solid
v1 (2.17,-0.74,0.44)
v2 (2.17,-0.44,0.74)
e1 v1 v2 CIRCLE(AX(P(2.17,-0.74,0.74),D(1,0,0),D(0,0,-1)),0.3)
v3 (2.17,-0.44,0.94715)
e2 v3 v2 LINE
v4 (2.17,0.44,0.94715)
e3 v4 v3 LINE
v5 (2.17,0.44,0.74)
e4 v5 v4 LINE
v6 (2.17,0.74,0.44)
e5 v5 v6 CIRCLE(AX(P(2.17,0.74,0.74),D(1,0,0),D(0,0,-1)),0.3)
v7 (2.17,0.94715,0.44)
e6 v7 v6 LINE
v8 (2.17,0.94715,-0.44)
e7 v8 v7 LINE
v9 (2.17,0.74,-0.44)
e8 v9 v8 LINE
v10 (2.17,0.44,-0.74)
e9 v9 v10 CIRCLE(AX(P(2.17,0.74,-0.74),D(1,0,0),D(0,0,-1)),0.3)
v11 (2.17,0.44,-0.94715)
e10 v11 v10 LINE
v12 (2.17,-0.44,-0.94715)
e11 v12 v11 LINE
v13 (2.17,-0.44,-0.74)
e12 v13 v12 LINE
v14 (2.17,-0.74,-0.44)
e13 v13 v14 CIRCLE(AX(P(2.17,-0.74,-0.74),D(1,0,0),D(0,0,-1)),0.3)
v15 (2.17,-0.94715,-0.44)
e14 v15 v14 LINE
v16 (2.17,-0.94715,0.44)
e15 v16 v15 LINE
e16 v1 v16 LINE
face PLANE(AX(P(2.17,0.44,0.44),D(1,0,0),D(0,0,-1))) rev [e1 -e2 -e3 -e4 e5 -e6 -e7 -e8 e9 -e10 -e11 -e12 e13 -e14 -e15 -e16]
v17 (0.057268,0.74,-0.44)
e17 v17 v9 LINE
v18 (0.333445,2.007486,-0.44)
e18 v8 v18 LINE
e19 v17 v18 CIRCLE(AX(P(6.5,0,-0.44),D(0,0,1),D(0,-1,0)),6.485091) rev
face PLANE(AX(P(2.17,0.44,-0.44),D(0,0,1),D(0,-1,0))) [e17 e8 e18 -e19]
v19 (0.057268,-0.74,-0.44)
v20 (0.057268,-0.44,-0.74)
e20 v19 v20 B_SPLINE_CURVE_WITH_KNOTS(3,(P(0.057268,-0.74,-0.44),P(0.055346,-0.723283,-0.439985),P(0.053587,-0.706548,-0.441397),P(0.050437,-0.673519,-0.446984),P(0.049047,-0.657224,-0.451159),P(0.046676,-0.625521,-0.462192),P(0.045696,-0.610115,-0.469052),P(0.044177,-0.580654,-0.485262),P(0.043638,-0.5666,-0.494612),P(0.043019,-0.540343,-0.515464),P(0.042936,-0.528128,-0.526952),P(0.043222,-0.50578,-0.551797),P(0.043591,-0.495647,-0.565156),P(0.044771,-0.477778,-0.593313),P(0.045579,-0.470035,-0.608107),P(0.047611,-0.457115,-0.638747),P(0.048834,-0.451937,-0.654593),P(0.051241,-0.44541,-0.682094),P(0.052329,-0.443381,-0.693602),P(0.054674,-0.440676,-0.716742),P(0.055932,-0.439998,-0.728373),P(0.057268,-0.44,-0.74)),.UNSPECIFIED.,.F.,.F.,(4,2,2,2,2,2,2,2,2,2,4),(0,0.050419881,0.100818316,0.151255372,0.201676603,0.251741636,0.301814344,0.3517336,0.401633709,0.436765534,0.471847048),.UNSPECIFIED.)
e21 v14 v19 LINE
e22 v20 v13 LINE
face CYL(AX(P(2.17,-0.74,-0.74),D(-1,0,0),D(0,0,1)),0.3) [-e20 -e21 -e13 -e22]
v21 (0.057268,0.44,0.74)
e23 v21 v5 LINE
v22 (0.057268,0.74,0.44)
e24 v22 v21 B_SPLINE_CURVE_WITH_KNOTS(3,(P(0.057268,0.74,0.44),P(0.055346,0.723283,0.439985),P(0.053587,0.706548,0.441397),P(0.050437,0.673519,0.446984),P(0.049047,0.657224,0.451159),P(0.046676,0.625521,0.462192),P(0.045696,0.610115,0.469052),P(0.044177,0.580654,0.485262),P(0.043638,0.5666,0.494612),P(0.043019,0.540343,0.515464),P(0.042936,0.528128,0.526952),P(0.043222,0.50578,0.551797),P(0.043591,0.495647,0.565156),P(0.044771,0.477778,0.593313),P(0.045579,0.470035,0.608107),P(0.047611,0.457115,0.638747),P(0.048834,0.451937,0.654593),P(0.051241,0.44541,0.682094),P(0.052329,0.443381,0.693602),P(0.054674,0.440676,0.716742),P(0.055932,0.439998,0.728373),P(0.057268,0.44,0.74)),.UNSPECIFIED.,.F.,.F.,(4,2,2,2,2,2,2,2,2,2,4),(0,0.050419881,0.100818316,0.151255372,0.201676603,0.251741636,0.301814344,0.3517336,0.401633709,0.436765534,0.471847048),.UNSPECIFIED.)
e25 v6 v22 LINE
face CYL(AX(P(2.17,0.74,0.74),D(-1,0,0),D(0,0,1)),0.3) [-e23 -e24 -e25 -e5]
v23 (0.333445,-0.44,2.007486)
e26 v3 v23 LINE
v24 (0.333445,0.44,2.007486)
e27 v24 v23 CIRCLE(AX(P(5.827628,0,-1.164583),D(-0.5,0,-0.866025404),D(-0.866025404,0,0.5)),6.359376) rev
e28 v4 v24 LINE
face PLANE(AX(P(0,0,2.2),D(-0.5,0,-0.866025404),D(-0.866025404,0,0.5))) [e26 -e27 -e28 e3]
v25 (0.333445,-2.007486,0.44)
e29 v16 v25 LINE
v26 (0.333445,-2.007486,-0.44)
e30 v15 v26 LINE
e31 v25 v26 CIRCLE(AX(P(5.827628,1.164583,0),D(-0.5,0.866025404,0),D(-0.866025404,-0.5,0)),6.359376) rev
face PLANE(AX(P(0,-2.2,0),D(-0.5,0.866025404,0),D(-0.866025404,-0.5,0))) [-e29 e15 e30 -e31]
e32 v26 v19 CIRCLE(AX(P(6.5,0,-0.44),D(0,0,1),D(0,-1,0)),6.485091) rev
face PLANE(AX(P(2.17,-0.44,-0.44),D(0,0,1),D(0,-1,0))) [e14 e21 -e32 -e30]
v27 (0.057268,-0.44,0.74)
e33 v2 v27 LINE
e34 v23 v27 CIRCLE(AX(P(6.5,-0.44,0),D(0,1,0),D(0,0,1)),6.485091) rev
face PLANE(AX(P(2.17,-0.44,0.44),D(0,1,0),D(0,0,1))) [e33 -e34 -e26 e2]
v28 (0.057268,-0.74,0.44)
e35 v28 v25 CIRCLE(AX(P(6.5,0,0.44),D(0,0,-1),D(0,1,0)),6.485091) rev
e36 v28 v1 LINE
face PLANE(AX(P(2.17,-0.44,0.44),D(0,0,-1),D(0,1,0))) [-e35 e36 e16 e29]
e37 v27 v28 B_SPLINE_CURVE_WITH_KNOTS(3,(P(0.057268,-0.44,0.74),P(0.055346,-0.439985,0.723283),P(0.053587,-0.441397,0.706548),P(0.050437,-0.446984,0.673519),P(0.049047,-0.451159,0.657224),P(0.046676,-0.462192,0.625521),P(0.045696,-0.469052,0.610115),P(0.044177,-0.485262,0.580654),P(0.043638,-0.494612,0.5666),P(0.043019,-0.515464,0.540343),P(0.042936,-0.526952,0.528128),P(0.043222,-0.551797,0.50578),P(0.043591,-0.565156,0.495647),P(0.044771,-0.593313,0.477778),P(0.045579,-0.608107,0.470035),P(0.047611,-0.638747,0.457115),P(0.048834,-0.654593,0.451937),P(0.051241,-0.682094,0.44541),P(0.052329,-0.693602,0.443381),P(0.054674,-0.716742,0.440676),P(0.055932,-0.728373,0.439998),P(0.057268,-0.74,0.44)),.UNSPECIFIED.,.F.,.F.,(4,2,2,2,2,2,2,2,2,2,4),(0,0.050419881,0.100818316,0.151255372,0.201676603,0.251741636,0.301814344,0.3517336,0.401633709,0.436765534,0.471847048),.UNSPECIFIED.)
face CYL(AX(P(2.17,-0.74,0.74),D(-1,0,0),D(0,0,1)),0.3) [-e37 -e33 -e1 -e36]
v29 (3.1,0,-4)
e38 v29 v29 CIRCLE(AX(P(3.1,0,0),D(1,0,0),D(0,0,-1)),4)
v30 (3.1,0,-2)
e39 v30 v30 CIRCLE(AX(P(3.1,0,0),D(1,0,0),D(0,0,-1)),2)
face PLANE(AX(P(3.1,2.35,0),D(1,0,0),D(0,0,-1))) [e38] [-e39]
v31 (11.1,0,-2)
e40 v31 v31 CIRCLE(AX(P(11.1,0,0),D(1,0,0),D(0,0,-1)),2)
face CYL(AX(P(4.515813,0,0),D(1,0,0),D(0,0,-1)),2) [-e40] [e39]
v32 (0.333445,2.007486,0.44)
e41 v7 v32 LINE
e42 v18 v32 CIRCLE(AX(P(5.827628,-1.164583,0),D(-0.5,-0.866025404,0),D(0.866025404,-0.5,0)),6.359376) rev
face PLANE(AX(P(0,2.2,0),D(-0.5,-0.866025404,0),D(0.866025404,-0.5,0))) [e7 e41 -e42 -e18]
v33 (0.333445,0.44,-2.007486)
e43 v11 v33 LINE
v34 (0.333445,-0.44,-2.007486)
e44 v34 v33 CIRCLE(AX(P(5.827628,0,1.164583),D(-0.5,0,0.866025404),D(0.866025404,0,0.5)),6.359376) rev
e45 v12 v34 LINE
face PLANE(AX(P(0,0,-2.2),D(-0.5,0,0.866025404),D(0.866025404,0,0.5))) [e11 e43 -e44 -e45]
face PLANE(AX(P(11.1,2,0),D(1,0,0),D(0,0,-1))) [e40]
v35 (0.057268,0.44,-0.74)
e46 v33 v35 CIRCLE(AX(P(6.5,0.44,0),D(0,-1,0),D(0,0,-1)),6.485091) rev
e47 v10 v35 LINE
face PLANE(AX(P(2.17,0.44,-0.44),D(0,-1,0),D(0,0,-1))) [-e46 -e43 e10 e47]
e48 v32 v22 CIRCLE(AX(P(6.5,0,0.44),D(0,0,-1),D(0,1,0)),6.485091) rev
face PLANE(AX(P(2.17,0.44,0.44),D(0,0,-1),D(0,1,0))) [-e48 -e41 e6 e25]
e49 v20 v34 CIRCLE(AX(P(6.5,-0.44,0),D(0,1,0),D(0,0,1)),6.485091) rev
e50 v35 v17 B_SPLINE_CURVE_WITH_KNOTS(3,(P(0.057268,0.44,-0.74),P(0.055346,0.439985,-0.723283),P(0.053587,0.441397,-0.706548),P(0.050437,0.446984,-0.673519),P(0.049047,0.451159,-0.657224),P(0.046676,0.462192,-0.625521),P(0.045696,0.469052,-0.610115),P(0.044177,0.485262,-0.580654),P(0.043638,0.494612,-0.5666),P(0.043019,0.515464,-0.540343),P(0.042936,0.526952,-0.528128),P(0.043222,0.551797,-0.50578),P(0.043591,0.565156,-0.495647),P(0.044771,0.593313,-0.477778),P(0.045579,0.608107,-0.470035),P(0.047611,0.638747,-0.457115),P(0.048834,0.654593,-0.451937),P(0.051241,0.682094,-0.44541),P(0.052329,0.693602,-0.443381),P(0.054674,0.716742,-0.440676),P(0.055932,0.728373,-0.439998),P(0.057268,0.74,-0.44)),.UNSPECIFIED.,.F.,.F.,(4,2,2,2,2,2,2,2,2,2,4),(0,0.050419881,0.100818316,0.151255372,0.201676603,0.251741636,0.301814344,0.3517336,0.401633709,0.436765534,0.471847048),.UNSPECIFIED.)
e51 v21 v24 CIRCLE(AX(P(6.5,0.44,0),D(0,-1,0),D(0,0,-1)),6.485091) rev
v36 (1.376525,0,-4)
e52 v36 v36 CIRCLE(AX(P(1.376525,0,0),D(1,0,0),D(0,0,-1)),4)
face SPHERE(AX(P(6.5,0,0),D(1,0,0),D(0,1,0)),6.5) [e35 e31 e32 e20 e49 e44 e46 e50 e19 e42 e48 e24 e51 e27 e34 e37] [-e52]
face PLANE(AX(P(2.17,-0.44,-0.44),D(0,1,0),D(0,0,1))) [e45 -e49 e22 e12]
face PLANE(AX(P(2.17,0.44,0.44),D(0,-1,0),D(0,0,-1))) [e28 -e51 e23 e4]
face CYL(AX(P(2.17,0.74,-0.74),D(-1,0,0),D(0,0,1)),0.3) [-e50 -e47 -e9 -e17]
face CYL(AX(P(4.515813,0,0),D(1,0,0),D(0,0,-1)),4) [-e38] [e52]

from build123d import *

# Parameters (mm, degrees)
CROSSRECESS_DEPTH = 2.17
FILLET5_R         = 0.3
DRAFT1_ANGLE      = -30


with BuildPart() as part:
    # Sketch1 → Base (revolve)
    with BuildSketch(Plane.XY, mode=Mode.PRIVATE) as base_sk:
        with BuildLine():
            Line((11.1, 2), (4.5, 2))
            Line((4.5, 2), (3.1, 2))
            Line((3.1, 2), (3.1, 2.35))
            Line((3.1, 2.35), (3.1, 4))
            Line((3.1, 4), (1.376524617, 4))
            ThreePointArc((1.376524617, 4), (0.353757652, 2.115113473), (0, 0))
            Line((0, 0), (11.1, 0))
            Line((11.1, 0), (11.1, 2))
        make_face()
    revolve(base_sk.sketch.rotate(Axis((4.515812911, 0, 0), (-1, 0, 0)), 90), axis=Axis((4.515812911, 0, 0), (-1, 0, 0)))

    # Sketch6 → CrossRecess (cut)
    with BuildSketch(Plane(origin=(0, 0, 0), x_dir=(0, 0, -1), z_dir=(1, 0, 0))):
        Polygon((0.44, 0.44), (0.44, 2.2), (-0.44, 2.2), (-0.44, 0.44), (-2.2, 0.44), (-2.2, -0.44), (-0.44, -0.44), (-0.44, -2.2), (0.44, -2.2), (0.44, -0.44), (2.2, -0.44), (2.2, 0.44), align=None)
    extrude(amount=CROSSRECESS_DEPTH, mode=Mode.SUBTRACT)

    # Fillet5
    fillet5_edges = [part.edges().sort_by_distance(p)[0] for p in [
        (1.099926585, 0.44, 0.44),
        (1.099926585, -0.44, 0.44),
        (1.099926585, -0.44, -0.44),
        (1.099926585, 0.44, -0.44),
    ]]
    fillet(fillet5_edges, radius=FILLET5_R)

    # Draft1
    draft1_faces = [part.faces().sort_by_distance(p)[0] for p in [
        (1.27944778, -2.2, 0),
        (1.27944778, 0, -2.2),
        (1.27944778, 0, 2.2),
        (1.27944778, 2.2, 0),
    ]]
    draft(draft1_faces, Plane(origin=(0, 0, 0), x_dir=(0, 0, 1), z_dir=(1, 0, 0)), DRAFT1_ANGLE)


solid = part.part
